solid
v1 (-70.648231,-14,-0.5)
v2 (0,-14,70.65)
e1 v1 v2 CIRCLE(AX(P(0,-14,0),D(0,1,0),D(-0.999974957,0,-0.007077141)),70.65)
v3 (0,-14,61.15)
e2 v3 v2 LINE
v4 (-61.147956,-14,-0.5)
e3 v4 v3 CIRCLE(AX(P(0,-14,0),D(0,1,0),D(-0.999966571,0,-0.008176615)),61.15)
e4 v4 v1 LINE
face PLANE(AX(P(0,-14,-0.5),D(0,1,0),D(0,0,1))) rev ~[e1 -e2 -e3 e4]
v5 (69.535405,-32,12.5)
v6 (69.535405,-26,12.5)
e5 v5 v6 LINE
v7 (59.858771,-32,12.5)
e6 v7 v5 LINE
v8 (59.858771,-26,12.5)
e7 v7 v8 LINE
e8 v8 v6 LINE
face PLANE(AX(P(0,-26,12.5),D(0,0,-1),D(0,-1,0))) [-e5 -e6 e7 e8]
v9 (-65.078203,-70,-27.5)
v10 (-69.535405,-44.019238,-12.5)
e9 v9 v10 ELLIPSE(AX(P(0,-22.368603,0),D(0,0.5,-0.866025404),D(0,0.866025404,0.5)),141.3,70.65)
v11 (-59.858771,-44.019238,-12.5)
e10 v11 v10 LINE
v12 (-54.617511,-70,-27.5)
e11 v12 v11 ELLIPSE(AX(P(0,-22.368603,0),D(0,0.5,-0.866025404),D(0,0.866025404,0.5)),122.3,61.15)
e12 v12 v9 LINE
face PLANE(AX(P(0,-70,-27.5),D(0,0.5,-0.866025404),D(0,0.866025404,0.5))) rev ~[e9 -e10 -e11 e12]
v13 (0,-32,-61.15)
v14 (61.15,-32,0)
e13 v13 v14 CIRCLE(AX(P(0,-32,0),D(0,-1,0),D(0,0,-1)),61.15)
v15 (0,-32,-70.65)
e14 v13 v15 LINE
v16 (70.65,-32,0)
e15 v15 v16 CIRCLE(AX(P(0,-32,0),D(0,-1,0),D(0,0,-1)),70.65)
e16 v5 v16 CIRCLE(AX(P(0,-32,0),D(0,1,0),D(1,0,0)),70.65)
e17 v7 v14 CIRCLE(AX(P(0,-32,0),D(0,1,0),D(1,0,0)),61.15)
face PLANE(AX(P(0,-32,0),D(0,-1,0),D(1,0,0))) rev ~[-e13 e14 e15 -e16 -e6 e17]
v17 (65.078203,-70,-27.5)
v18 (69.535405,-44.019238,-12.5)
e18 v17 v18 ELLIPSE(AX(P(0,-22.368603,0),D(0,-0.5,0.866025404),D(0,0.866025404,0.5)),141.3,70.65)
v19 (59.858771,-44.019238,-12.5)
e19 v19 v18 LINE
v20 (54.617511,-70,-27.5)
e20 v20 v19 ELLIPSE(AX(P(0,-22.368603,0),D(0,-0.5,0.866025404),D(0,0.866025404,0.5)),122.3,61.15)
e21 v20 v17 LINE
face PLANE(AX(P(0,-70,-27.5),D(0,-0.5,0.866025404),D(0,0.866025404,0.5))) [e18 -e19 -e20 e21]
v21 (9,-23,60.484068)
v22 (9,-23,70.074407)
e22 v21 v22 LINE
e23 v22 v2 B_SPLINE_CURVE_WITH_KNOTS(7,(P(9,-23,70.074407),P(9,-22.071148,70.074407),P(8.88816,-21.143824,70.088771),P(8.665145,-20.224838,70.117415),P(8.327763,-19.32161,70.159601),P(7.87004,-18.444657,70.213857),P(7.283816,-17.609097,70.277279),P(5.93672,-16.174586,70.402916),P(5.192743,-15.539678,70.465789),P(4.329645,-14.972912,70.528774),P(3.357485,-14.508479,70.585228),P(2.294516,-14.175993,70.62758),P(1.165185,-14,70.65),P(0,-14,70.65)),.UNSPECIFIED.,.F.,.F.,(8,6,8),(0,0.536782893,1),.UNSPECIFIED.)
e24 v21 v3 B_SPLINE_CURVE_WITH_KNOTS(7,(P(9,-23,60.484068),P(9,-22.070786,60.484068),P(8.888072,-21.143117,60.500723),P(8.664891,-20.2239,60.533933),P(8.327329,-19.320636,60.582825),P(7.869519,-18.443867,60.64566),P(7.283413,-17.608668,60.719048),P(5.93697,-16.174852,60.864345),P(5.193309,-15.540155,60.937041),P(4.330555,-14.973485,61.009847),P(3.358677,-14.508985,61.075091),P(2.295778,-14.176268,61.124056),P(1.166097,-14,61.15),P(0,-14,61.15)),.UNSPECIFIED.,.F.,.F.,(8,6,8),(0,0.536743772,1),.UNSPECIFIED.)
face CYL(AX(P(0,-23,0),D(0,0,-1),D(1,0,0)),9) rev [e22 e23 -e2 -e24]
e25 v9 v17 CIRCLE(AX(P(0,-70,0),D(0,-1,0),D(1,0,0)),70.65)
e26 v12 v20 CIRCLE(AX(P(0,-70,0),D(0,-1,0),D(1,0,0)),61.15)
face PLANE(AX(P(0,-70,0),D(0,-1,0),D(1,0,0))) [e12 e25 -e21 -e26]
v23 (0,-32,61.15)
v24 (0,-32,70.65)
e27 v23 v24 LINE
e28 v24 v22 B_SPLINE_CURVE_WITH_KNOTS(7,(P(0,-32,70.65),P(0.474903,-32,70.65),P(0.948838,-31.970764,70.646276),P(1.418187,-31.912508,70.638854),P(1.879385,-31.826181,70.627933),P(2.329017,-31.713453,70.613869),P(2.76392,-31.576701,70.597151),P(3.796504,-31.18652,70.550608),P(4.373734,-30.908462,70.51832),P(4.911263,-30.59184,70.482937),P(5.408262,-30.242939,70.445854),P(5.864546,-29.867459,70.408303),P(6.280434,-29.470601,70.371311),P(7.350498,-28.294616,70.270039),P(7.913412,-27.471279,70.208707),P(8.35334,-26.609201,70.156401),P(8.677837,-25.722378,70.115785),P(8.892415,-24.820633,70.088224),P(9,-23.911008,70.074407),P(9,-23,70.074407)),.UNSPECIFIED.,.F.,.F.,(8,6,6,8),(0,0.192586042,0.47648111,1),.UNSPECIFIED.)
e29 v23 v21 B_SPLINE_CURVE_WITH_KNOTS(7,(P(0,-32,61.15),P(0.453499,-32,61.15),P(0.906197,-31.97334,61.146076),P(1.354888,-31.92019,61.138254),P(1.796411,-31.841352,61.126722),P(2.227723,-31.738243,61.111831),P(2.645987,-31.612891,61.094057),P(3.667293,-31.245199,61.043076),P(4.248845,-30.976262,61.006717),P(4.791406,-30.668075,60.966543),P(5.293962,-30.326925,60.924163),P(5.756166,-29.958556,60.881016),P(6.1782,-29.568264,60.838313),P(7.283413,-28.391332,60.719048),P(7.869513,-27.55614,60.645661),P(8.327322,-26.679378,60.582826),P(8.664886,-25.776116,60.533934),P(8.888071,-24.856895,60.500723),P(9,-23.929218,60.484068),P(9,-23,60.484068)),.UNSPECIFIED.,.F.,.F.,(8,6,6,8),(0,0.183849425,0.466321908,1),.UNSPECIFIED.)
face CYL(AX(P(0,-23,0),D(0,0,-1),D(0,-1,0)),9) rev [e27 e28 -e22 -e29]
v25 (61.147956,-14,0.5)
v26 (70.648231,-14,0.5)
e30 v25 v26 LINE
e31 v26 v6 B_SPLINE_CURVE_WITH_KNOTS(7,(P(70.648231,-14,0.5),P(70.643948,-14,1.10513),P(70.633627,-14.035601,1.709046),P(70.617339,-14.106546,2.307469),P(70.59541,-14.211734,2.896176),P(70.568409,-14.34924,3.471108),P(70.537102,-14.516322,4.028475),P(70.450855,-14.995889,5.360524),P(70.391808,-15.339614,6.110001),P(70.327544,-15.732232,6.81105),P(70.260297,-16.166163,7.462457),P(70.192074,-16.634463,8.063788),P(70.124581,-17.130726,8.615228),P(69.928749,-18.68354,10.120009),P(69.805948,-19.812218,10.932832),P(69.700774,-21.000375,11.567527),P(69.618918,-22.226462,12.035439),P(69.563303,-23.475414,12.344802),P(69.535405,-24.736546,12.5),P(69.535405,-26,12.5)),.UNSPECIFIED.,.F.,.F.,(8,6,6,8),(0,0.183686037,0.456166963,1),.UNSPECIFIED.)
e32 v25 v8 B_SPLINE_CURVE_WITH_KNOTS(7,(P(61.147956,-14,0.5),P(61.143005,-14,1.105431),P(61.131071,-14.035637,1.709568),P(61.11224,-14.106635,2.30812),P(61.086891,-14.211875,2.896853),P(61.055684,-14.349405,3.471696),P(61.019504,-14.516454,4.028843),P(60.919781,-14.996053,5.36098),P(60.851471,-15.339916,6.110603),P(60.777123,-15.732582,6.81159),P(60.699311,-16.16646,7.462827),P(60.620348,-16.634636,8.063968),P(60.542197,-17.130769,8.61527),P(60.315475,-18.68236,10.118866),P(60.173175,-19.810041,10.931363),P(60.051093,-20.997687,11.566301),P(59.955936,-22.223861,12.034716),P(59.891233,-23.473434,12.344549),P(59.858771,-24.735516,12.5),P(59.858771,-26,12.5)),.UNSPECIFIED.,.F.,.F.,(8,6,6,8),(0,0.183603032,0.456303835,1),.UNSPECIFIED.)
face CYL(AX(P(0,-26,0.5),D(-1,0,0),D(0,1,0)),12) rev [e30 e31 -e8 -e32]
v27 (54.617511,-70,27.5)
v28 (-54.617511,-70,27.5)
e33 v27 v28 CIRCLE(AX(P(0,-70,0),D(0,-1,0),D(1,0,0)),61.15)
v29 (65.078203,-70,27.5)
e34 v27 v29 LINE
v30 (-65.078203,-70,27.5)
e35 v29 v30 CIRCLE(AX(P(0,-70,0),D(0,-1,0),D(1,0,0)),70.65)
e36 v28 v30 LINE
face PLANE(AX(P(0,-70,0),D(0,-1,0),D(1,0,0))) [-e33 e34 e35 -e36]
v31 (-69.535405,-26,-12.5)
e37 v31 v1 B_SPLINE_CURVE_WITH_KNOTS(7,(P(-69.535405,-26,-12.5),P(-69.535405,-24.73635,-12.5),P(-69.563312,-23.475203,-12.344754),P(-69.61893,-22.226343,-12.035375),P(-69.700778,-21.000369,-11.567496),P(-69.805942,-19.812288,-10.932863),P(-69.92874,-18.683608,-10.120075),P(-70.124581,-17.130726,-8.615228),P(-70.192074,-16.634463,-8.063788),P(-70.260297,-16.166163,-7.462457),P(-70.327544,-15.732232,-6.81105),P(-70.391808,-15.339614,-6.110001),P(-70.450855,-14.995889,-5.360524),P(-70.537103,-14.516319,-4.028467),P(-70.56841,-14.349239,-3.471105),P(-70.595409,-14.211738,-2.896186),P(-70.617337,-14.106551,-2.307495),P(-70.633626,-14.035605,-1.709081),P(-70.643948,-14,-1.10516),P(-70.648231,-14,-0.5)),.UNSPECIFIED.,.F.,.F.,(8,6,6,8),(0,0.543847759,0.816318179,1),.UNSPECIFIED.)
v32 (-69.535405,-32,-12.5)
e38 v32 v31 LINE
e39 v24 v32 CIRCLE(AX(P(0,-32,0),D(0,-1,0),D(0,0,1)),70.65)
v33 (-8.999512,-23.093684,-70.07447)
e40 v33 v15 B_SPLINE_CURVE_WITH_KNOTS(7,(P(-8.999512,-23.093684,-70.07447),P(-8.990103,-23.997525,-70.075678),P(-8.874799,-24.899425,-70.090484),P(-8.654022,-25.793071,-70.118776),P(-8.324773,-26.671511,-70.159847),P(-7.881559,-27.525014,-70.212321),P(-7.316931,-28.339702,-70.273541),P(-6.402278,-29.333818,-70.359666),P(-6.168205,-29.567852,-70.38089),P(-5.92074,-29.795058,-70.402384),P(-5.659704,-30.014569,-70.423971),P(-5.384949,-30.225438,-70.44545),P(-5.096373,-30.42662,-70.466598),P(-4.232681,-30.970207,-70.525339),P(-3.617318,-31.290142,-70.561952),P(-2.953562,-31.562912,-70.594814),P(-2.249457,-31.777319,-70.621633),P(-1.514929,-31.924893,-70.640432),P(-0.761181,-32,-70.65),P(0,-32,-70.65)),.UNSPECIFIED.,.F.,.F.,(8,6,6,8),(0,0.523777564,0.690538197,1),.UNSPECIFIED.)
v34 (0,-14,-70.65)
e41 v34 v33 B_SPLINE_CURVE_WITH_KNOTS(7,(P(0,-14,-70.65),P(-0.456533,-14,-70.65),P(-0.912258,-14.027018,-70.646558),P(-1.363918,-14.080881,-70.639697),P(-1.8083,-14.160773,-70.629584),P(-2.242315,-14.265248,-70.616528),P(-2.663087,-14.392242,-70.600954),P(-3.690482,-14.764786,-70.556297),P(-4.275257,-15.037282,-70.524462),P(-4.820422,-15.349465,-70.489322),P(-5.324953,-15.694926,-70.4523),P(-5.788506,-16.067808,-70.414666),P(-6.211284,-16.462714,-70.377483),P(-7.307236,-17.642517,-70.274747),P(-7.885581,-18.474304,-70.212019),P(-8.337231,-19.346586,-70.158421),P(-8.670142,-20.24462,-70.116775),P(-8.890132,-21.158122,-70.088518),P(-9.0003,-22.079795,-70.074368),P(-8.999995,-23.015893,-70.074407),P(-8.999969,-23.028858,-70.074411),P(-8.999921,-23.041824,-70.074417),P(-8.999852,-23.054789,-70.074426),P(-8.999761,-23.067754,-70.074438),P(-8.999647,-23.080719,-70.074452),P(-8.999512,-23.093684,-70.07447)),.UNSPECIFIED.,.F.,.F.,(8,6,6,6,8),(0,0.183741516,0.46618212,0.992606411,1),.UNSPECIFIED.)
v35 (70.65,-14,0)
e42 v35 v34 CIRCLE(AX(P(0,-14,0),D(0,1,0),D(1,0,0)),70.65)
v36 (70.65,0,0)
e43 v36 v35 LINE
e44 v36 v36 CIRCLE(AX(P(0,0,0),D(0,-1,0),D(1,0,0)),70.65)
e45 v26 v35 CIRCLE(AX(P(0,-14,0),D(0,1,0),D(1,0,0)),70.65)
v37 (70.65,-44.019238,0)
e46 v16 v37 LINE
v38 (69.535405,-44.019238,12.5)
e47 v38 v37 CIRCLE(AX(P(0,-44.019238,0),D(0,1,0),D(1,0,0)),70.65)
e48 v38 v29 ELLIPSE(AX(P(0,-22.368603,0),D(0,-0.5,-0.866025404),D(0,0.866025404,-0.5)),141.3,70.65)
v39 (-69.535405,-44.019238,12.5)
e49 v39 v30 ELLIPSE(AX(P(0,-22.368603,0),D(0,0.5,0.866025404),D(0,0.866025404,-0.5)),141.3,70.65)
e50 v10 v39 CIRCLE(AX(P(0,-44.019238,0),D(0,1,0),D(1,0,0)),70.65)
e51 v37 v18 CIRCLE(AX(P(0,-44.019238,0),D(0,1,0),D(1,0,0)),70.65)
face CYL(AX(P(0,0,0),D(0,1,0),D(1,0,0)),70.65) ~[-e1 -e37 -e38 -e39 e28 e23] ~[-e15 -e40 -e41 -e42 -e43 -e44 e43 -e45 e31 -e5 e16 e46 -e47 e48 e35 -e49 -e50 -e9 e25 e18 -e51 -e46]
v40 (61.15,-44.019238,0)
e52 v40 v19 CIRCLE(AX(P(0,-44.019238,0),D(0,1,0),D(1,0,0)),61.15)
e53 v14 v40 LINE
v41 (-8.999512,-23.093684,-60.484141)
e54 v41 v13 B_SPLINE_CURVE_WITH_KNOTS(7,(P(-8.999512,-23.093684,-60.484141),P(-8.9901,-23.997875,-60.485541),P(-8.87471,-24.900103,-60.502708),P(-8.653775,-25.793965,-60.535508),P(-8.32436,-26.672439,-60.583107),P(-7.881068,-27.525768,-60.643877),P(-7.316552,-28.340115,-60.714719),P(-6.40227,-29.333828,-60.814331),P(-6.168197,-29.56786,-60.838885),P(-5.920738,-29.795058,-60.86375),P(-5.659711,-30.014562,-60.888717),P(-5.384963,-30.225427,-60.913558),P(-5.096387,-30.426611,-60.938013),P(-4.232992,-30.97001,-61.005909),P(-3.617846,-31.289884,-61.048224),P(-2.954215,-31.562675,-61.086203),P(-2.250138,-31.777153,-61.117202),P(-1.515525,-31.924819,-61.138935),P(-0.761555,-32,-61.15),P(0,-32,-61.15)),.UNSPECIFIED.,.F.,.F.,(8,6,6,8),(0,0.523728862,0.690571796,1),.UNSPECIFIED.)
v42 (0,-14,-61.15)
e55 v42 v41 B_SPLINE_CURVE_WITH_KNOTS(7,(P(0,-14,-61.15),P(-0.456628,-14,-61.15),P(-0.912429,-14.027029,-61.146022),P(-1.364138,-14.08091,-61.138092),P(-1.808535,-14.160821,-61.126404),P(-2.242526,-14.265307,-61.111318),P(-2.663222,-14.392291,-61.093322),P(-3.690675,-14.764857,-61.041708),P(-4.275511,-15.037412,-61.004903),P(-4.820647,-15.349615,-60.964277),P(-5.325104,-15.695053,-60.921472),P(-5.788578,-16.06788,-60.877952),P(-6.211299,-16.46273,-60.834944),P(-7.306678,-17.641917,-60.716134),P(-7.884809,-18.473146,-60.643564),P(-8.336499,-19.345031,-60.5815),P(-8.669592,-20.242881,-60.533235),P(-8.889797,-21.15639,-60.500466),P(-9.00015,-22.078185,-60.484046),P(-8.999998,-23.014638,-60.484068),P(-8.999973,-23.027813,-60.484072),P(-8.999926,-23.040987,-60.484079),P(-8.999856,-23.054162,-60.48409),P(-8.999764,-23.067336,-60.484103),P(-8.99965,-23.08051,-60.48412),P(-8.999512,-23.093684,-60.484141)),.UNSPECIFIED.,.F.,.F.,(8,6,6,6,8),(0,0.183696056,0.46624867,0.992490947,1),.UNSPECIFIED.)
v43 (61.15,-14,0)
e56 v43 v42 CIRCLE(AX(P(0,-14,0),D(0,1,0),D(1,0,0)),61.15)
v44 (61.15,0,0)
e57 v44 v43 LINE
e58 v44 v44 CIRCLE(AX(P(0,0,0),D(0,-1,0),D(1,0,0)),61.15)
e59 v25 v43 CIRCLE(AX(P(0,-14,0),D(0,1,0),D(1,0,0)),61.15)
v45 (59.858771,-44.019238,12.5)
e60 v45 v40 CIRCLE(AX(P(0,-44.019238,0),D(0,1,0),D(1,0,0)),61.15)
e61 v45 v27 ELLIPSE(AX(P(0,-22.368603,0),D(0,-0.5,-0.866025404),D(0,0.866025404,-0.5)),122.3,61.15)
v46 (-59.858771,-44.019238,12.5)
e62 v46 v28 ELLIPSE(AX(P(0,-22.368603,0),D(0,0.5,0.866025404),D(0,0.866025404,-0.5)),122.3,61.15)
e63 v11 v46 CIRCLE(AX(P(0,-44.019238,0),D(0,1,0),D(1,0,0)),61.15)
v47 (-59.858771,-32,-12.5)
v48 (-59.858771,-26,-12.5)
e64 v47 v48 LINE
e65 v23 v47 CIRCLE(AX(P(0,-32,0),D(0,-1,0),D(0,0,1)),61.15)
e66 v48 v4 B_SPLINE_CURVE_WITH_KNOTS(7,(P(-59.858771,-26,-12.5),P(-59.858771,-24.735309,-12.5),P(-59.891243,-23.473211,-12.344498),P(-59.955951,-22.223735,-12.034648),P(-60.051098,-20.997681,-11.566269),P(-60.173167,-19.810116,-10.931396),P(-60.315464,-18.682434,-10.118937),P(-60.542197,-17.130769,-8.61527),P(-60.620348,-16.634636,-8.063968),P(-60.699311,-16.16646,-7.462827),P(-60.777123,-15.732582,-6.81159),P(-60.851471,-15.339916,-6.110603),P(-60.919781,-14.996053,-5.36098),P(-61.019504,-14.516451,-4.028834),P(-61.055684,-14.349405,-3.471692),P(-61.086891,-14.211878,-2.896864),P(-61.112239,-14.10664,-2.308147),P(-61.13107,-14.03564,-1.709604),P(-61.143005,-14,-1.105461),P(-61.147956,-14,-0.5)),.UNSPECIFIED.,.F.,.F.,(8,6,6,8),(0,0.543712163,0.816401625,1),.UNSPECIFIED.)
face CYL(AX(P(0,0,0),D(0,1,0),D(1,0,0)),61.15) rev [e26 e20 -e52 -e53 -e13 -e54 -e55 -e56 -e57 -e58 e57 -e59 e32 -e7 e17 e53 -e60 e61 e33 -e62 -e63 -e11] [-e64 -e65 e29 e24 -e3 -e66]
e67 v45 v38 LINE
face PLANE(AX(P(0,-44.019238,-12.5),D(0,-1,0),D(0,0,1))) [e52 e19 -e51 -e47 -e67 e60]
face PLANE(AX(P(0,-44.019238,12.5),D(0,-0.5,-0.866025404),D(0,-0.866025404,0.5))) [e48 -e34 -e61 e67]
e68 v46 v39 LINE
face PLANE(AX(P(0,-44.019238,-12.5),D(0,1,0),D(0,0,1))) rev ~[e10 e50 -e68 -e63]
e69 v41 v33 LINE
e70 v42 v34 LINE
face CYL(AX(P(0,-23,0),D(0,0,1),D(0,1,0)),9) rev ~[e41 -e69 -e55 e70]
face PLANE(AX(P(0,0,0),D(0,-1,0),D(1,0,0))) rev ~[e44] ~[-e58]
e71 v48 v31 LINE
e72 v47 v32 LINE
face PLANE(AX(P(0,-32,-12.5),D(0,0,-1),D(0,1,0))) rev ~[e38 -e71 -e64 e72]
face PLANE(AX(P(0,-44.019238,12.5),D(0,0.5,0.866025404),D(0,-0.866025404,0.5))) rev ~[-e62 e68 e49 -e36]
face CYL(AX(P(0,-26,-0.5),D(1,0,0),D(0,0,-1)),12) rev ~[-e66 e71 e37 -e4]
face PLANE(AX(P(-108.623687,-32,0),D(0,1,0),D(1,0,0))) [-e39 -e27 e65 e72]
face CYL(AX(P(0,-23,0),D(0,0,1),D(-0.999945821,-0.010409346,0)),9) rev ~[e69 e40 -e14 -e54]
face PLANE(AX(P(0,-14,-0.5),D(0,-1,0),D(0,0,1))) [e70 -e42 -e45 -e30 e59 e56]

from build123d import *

# Parameters (mm, degrees)
F0_R          = 70.65
F1_DEPTH      = 70
F2_T          = -9.5
F4_DEPTH      = 70.651
F4_DEPTH_BACK = 70.651
F6_DEPTH      = 70.6510001
F8_DEPTH      = 70.6510001


with BuildPart() as f1:
    # F0 (on Front) → F1 (new body)
    with BuildSketch(Plane.XZ):
        Circle(F0_R)
    extrude(amount=F1_DEPTH)

    # F2
    f2_openings = [f1.faces().sort_by_distance(p)[0] for p in [
        (0, -70, 0),
        (0, 0, 0),
    ]]
    offset(amount=F2_T, openings=f2_openings)

    # F3 (on Right) → F4 (cut, two sides)
    with BuildSketch(Plane.YZ) as f4_sk:
        with BuildLine():
            Line((-26, 12.5), (-32, 12.5))
            Line((-32, 12.5), (-32, -12.5))
            Line((-32, -12.5), (-26, -12.5))
            ThreePointArc((-26, -12.5), (-17.5147186258, -8.9852813742), (-14, -0.5))
            Line((-14, -0.5), (-14, 0.5))
            ThreePointArc((-14, 0.5), (-17.5147186258, 8.9852813742), (-26, 12.5))
        make_face()
        Polygon((-70, 27.5), (-70, 12.5), (-70, -12.5), (-70, -27.5), (-44.0192378865, -12.5), (-44.0192378865, 12.5), align=None)
    extrude(amount=-F4_DEPTH, mode=Mode.SUBTRACT)
    extrude(f4_sk.sketch, amount=F4_DEPTH_BACK, mode=Mode.SUBTRACT)

    # F5 (on Top) → F6 (cut, through all)
    with BuildSketch(Plane.XY):
        with BuildLine():
            ThreePointArc((-8.9995123916, -23.0936841124), (-6.3307520481, -29.3969976165), (0, -32))
            Line((0, -32), (79.6814696193, -32))
            Line((79.6814696193, -32), (79.6814696193, -14))
            Line((79.6814696193, -14), (0, -14))
            ThreePointArc((0, -14), (-6.3969976165, -16.6692479519), (-8.9995123916, -23.0936841124))
        make_face()
    extrude(amount=-F6_DEPTH, mode=Mode.SUBTRACT)

    # F7 (on Top) → F8 (cut, through all)
    with BuildSketch(Plane.XY):
        with BuildLine():
            Line((-108.6236870661, -32), (0, -32))
            ThreePointArc((0, -32), (6.3639610307, -29.3639610307), (9, -23))
            ThreePointArc((9, -23), (6.3639610307, -16.6360389693), (0, -14))
            Line((0, -14), (-108.6236870661, -14))
            Line((-108.6236870661, -14), (-108.6236870661, -32))
        make_face()
    extrude(amount=F8_DEPTH, mode=Mode.SUBTRACT)


solid = f1.part
